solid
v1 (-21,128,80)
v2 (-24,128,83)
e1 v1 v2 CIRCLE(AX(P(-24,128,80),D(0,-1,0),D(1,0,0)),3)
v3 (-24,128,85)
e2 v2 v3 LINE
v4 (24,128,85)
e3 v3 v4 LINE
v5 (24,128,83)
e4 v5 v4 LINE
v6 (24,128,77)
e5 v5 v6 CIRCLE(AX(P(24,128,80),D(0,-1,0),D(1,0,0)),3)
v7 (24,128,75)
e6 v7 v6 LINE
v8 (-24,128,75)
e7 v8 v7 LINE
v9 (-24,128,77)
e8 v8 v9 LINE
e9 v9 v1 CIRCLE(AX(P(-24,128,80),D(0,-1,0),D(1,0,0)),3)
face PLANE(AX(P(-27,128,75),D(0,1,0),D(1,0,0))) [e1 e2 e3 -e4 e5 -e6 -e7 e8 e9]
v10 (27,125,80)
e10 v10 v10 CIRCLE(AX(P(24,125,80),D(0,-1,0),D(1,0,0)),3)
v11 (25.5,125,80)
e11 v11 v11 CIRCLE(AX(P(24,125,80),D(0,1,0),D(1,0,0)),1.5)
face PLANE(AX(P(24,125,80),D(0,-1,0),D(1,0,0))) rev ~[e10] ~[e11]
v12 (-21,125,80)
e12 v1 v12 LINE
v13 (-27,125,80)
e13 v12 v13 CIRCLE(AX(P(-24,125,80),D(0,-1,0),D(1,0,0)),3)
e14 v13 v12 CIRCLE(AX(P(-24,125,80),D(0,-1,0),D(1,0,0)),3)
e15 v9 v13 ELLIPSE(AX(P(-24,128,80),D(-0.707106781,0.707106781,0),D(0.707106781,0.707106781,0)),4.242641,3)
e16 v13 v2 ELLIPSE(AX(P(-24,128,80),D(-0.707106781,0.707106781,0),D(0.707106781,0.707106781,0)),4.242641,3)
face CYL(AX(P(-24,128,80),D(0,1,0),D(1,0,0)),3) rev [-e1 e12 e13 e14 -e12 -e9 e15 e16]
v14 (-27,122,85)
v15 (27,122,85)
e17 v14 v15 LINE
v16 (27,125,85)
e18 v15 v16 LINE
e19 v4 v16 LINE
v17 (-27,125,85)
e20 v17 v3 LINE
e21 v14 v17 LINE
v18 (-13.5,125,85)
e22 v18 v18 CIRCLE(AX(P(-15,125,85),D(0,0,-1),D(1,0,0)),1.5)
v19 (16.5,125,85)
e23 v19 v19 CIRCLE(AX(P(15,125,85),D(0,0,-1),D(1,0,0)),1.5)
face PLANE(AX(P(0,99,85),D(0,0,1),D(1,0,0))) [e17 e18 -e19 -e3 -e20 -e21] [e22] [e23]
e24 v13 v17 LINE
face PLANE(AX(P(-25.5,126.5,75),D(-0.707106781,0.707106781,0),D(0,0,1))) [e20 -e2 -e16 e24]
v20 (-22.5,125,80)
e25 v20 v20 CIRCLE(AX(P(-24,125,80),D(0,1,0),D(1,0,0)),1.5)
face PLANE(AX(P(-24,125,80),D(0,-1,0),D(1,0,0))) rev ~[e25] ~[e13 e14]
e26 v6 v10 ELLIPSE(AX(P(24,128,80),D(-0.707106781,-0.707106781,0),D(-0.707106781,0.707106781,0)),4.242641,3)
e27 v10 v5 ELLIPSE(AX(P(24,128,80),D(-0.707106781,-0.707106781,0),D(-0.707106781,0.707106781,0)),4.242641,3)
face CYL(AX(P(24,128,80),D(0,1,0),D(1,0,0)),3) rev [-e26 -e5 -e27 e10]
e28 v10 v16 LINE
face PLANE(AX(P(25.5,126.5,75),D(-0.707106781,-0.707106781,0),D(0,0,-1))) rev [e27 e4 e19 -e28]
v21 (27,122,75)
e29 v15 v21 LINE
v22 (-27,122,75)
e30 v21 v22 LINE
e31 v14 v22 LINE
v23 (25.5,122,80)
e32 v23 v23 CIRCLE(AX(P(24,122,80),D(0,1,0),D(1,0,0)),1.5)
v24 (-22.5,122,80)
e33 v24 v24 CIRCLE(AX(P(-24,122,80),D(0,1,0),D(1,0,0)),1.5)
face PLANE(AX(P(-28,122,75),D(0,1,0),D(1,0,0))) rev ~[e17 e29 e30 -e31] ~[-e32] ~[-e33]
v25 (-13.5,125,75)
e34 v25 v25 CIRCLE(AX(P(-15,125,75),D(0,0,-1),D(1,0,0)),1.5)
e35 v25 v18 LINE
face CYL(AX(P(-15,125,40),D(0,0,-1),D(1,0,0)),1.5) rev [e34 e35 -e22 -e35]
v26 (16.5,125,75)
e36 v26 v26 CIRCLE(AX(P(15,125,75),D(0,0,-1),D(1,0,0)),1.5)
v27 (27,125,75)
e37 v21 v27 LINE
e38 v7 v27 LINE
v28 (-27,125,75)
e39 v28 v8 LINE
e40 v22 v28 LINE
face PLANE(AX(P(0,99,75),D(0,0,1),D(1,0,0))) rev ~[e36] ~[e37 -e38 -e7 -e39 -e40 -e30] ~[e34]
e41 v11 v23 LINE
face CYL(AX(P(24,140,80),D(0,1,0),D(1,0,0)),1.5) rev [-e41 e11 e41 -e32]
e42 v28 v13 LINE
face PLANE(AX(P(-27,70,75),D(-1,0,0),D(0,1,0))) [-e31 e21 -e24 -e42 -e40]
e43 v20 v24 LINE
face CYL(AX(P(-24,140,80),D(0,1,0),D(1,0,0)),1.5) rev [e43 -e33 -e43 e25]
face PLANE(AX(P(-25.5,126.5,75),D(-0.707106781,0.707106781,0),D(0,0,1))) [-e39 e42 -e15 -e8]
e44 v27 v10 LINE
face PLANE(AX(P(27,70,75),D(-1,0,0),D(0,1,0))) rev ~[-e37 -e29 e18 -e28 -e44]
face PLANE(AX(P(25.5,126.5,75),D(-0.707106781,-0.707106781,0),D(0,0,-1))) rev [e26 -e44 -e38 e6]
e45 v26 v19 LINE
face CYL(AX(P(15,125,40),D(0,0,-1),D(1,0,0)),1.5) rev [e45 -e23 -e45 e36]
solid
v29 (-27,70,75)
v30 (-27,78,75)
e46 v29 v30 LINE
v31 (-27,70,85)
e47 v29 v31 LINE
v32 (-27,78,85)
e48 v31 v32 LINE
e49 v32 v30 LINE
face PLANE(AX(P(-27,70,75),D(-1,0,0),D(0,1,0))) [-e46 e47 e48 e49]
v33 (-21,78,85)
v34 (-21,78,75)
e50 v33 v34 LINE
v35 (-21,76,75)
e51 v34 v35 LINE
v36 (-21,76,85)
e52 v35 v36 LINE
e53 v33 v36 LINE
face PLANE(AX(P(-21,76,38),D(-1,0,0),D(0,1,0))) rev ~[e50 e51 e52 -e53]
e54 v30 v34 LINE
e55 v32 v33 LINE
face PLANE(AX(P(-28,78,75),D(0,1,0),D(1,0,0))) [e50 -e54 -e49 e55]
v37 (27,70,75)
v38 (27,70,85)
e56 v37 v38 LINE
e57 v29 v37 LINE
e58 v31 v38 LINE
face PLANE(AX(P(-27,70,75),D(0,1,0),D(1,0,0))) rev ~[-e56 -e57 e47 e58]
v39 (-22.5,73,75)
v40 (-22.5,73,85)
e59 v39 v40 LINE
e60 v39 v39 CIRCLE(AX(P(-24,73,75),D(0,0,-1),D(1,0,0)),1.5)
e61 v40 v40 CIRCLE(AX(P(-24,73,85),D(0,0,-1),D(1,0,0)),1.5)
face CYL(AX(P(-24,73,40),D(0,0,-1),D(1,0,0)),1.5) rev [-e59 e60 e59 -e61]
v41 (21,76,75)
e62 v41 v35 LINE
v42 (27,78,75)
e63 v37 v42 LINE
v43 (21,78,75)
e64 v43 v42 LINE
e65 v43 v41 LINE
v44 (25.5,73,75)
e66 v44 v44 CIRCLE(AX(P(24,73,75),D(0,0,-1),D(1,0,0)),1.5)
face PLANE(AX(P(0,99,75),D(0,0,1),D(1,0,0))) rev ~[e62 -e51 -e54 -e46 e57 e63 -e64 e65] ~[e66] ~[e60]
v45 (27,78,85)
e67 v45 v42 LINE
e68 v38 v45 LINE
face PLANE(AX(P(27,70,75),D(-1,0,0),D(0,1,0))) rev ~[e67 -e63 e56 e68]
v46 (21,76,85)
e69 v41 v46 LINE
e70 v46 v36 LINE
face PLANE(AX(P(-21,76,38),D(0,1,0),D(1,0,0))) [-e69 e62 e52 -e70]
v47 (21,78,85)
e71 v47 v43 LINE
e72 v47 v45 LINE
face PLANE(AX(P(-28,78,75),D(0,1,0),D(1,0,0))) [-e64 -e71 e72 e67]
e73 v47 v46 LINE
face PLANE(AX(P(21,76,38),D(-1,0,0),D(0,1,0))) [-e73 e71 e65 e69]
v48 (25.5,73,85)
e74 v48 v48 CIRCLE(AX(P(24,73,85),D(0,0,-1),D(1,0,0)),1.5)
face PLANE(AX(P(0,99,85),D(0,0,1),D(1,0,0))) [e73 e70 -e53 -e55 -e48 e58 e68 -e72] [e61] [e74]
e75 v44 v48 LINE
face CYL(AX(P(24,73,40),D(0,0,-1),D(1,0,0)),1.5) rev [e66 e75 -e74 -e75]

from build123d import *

# Parameters (mm, degrees)
CYLINDER2809_R     = 1.5
CYLINDER2809_DEPTH = 50
CYLINDER2807_R     = 1.5
CYLINDER2807_DEPTH = 50
CYLINDER2806_R     = 3
CYLINDER2806_DEPTH = 3
CYLINDER2803_R     = 3
CYLINDER2803_DEPTH = 3
CYLINDER2810_R     = 1.5
CYLINDER2810_DEPTH = 60
CYLINDER2805_R     = 1.5
CYLINDER2805_DEPTH = 60
CYLINDER2808_R     = 1.5
CYLINDER2808_DEPTH = 60
CYLINDER2804_R     = 1.5
CYLINDER2804_DEPTH = 60
BOX1004_W          = 56
BOX1004_H          = 44
BOX1004_DEPTH      = 10
BOX1002_W          = 42
BOX1002_H          = 46
BOX1002_DEPTH      = 50
BOX1003_W          = 54
BOX1003_H          = 58
BOX1003_DEPTH      = 10
CHAMFER147_SIZE    = 3


with BuildPart() as v_lec2779:
    # Cylinder2809 → Cylinder2809 (new body)
    with BuildSketch(Plane(origin=(24, 140, 72), x_dir=(1, 0, 0), z_dir=(0, -1, 0))):
        Circle(CYLINDER2809_R)
    extrude(amount=CYLINDER2809_DEPTH)


with BuildPart() as compound1252:
    # Cylinder2807 → Cylinder2807 (new body)
    with BuildSketch(Plane(origin=(-24, 140, 72), x_dir=(1, 0, 0), z_dir=(0, -1, 0))):
        Circle(CYLINDER2807_R)
    extrude(amount=CYLINDER2807_DEPTH)

    # Compound1252: union Válec2779
    add(v_lec2779.part)


with BuildPart() as compound1252_1:
    # Compound1252 placement: moved
    add(compound1252.part.moved(Location((0, 0, 8))))


with BuildPart() as v_lec2776:
    # Cylinder2806 → Cylinder2806 (new body)
    with BuildSketch(Plane(origin=(24, 128, 72), x_dir=(1, 0, 0), z_dir=(0, -1, 0))):
        Circle(CYLINDER2806_R)
    extrude(amount=CYLINDER2806_DEPTH)


with BuildPart() as compound1250:
    # Cylinder2803 → Cylinder2803 (new body)
    with BuildSketch(Plane(origin=(-24, 128, 72), x_dir=(1, 0, 0), z_dir=(0, -1, 0))):
        Circle(CYLINDER2803_R)
    extrude(amount=CYLINDER2803_DEPTH)

    # Compound1250: union Válec2776
    add(v_lec2776.part)


with BuildPart() as compound1250_1:
    # Compound1250 placement: moved
    add(compound1250.part.moved(Location((0, 0, 8))))


with BuildPart() as v_lec2780:
    # Cylinder2810 → Cylinder2810 (new body)
    with BuildSketch(Plane(origin=(-24, 73, -80), x_dir=(1, 0, 0), z_dir=(0, 0, 1))):
        Circle(CYLINDER2810_R)
    extrude(amount=CYLINDER2810_DEPTH)


with BuildPart() as v_lec2775:
    # Cylinder2805 → Cylinder2805 (new body)
    with BuildSketch(Plane(origin=(-15, 125, -80), x_dir=(1, 0, 0), z_dir=(0, 0, 1))):
        Circle(CYLINDER2805_R)
    extrude(amount=CYLINDER2805_DEPTH)


with BuildPart() as v_lec2778:
    # Cylinder2808 → Cylinder2808 (new body)
    with BuildSketch(Plane(origin=(15, 125, -80), x_dir=(1, 0, 0), z_dir=(0, 0, 1))):
        Circle(CYLINDER2808_R)
    extrude(amount=CYLINDER2808_DEPTH)


with BuildPart() as compound1253:
    # Cylinder2804 → Cylinder2804 (new body)
    with BuildSketch(Plane(origin=(24, 73, -80), x_dir=(1, 0, 0), z_dir=(0, 0, 1))):
        Circle(CYLINDER2804_R)
    extrude(amount=CYLINDER2804_DEPTH)

    # Compound1253: union Válec2780, Válec2775, Válec2778
    add(v_lec2780.part)
    add(v_lec2775.part)
    add(v_lec2778.part)


with BuildPart() as compound1253_1:
    # Compound1253 placement: moved
    add(compound1253.part.moved(Location((0, 0, 120))))


with BuildPart() as krychle1003:
    # Box1004 → Box1004 (new body)
    with BuildSketch(Plane(origin=(-28, 78, 75), x_dir=(1, 0, 0), z_dir=(0, 0, 1))):
        with Locations((28, 22)):
            Rectangle(BOX1004_W, BOX1004_H)
    extrude(amount=BOX1004_DEPTH)


with BuildPart() as krychle1001:
    # Box1002 → Box1002 (new body)
    with BuildSketch(Plane(origin=(-21, 76, 38), x_dir=(1, 0, 0), z_dir=(0, 0, 1))):
        with Locations((21, 23)):
            Rectangle(BOX1002_W, BOX1002_H)
    extrude(amount=BOX1002_DEPTH)


with BuildPart() as cut1065:
    # Box1003 → Box1003 (new body)
    with BuildSketch(Plane(origin=(-27, 70, 75), x_dir=(1, 0, 0), z_dir=(0, 0, 1))):
        with Locations((27, 29)):
            Rectangle(BOX1003_W, BOX1003_H)
    extrude(amount=BOX1003_DEPTH)

    # Cut1062: cut Krychle1001
    add(krychle1001.part, mode=Mode.SUBTRACT)

    # Cut1066: cut Krychle1003
    add(krychle1003.part, mode=Mode.SUBTRACT)

    # Cut1067: cut Compound1253
    add(compound1253_1.part, mode=Mode.SUBTRACT)

    # Chamfer147
    chamfer147_edges = [cut1065.edges().sort_by_distance(p)[0] for p in [
        (-27, 128, 80),
        (27, 128, 80),
    ]]
    chamfer(chamfer147_edges, length=CHAMFER147_SIZE)

    # Cut1064: cut Compound1250
    add(compound1250_1.part, mode=Mode.SUBTRACT)

    # Cut1065: cut Compound1252
    add(compound1252_1.part, mode=Mode.SUBTRACT)


solid = cut1065.part
